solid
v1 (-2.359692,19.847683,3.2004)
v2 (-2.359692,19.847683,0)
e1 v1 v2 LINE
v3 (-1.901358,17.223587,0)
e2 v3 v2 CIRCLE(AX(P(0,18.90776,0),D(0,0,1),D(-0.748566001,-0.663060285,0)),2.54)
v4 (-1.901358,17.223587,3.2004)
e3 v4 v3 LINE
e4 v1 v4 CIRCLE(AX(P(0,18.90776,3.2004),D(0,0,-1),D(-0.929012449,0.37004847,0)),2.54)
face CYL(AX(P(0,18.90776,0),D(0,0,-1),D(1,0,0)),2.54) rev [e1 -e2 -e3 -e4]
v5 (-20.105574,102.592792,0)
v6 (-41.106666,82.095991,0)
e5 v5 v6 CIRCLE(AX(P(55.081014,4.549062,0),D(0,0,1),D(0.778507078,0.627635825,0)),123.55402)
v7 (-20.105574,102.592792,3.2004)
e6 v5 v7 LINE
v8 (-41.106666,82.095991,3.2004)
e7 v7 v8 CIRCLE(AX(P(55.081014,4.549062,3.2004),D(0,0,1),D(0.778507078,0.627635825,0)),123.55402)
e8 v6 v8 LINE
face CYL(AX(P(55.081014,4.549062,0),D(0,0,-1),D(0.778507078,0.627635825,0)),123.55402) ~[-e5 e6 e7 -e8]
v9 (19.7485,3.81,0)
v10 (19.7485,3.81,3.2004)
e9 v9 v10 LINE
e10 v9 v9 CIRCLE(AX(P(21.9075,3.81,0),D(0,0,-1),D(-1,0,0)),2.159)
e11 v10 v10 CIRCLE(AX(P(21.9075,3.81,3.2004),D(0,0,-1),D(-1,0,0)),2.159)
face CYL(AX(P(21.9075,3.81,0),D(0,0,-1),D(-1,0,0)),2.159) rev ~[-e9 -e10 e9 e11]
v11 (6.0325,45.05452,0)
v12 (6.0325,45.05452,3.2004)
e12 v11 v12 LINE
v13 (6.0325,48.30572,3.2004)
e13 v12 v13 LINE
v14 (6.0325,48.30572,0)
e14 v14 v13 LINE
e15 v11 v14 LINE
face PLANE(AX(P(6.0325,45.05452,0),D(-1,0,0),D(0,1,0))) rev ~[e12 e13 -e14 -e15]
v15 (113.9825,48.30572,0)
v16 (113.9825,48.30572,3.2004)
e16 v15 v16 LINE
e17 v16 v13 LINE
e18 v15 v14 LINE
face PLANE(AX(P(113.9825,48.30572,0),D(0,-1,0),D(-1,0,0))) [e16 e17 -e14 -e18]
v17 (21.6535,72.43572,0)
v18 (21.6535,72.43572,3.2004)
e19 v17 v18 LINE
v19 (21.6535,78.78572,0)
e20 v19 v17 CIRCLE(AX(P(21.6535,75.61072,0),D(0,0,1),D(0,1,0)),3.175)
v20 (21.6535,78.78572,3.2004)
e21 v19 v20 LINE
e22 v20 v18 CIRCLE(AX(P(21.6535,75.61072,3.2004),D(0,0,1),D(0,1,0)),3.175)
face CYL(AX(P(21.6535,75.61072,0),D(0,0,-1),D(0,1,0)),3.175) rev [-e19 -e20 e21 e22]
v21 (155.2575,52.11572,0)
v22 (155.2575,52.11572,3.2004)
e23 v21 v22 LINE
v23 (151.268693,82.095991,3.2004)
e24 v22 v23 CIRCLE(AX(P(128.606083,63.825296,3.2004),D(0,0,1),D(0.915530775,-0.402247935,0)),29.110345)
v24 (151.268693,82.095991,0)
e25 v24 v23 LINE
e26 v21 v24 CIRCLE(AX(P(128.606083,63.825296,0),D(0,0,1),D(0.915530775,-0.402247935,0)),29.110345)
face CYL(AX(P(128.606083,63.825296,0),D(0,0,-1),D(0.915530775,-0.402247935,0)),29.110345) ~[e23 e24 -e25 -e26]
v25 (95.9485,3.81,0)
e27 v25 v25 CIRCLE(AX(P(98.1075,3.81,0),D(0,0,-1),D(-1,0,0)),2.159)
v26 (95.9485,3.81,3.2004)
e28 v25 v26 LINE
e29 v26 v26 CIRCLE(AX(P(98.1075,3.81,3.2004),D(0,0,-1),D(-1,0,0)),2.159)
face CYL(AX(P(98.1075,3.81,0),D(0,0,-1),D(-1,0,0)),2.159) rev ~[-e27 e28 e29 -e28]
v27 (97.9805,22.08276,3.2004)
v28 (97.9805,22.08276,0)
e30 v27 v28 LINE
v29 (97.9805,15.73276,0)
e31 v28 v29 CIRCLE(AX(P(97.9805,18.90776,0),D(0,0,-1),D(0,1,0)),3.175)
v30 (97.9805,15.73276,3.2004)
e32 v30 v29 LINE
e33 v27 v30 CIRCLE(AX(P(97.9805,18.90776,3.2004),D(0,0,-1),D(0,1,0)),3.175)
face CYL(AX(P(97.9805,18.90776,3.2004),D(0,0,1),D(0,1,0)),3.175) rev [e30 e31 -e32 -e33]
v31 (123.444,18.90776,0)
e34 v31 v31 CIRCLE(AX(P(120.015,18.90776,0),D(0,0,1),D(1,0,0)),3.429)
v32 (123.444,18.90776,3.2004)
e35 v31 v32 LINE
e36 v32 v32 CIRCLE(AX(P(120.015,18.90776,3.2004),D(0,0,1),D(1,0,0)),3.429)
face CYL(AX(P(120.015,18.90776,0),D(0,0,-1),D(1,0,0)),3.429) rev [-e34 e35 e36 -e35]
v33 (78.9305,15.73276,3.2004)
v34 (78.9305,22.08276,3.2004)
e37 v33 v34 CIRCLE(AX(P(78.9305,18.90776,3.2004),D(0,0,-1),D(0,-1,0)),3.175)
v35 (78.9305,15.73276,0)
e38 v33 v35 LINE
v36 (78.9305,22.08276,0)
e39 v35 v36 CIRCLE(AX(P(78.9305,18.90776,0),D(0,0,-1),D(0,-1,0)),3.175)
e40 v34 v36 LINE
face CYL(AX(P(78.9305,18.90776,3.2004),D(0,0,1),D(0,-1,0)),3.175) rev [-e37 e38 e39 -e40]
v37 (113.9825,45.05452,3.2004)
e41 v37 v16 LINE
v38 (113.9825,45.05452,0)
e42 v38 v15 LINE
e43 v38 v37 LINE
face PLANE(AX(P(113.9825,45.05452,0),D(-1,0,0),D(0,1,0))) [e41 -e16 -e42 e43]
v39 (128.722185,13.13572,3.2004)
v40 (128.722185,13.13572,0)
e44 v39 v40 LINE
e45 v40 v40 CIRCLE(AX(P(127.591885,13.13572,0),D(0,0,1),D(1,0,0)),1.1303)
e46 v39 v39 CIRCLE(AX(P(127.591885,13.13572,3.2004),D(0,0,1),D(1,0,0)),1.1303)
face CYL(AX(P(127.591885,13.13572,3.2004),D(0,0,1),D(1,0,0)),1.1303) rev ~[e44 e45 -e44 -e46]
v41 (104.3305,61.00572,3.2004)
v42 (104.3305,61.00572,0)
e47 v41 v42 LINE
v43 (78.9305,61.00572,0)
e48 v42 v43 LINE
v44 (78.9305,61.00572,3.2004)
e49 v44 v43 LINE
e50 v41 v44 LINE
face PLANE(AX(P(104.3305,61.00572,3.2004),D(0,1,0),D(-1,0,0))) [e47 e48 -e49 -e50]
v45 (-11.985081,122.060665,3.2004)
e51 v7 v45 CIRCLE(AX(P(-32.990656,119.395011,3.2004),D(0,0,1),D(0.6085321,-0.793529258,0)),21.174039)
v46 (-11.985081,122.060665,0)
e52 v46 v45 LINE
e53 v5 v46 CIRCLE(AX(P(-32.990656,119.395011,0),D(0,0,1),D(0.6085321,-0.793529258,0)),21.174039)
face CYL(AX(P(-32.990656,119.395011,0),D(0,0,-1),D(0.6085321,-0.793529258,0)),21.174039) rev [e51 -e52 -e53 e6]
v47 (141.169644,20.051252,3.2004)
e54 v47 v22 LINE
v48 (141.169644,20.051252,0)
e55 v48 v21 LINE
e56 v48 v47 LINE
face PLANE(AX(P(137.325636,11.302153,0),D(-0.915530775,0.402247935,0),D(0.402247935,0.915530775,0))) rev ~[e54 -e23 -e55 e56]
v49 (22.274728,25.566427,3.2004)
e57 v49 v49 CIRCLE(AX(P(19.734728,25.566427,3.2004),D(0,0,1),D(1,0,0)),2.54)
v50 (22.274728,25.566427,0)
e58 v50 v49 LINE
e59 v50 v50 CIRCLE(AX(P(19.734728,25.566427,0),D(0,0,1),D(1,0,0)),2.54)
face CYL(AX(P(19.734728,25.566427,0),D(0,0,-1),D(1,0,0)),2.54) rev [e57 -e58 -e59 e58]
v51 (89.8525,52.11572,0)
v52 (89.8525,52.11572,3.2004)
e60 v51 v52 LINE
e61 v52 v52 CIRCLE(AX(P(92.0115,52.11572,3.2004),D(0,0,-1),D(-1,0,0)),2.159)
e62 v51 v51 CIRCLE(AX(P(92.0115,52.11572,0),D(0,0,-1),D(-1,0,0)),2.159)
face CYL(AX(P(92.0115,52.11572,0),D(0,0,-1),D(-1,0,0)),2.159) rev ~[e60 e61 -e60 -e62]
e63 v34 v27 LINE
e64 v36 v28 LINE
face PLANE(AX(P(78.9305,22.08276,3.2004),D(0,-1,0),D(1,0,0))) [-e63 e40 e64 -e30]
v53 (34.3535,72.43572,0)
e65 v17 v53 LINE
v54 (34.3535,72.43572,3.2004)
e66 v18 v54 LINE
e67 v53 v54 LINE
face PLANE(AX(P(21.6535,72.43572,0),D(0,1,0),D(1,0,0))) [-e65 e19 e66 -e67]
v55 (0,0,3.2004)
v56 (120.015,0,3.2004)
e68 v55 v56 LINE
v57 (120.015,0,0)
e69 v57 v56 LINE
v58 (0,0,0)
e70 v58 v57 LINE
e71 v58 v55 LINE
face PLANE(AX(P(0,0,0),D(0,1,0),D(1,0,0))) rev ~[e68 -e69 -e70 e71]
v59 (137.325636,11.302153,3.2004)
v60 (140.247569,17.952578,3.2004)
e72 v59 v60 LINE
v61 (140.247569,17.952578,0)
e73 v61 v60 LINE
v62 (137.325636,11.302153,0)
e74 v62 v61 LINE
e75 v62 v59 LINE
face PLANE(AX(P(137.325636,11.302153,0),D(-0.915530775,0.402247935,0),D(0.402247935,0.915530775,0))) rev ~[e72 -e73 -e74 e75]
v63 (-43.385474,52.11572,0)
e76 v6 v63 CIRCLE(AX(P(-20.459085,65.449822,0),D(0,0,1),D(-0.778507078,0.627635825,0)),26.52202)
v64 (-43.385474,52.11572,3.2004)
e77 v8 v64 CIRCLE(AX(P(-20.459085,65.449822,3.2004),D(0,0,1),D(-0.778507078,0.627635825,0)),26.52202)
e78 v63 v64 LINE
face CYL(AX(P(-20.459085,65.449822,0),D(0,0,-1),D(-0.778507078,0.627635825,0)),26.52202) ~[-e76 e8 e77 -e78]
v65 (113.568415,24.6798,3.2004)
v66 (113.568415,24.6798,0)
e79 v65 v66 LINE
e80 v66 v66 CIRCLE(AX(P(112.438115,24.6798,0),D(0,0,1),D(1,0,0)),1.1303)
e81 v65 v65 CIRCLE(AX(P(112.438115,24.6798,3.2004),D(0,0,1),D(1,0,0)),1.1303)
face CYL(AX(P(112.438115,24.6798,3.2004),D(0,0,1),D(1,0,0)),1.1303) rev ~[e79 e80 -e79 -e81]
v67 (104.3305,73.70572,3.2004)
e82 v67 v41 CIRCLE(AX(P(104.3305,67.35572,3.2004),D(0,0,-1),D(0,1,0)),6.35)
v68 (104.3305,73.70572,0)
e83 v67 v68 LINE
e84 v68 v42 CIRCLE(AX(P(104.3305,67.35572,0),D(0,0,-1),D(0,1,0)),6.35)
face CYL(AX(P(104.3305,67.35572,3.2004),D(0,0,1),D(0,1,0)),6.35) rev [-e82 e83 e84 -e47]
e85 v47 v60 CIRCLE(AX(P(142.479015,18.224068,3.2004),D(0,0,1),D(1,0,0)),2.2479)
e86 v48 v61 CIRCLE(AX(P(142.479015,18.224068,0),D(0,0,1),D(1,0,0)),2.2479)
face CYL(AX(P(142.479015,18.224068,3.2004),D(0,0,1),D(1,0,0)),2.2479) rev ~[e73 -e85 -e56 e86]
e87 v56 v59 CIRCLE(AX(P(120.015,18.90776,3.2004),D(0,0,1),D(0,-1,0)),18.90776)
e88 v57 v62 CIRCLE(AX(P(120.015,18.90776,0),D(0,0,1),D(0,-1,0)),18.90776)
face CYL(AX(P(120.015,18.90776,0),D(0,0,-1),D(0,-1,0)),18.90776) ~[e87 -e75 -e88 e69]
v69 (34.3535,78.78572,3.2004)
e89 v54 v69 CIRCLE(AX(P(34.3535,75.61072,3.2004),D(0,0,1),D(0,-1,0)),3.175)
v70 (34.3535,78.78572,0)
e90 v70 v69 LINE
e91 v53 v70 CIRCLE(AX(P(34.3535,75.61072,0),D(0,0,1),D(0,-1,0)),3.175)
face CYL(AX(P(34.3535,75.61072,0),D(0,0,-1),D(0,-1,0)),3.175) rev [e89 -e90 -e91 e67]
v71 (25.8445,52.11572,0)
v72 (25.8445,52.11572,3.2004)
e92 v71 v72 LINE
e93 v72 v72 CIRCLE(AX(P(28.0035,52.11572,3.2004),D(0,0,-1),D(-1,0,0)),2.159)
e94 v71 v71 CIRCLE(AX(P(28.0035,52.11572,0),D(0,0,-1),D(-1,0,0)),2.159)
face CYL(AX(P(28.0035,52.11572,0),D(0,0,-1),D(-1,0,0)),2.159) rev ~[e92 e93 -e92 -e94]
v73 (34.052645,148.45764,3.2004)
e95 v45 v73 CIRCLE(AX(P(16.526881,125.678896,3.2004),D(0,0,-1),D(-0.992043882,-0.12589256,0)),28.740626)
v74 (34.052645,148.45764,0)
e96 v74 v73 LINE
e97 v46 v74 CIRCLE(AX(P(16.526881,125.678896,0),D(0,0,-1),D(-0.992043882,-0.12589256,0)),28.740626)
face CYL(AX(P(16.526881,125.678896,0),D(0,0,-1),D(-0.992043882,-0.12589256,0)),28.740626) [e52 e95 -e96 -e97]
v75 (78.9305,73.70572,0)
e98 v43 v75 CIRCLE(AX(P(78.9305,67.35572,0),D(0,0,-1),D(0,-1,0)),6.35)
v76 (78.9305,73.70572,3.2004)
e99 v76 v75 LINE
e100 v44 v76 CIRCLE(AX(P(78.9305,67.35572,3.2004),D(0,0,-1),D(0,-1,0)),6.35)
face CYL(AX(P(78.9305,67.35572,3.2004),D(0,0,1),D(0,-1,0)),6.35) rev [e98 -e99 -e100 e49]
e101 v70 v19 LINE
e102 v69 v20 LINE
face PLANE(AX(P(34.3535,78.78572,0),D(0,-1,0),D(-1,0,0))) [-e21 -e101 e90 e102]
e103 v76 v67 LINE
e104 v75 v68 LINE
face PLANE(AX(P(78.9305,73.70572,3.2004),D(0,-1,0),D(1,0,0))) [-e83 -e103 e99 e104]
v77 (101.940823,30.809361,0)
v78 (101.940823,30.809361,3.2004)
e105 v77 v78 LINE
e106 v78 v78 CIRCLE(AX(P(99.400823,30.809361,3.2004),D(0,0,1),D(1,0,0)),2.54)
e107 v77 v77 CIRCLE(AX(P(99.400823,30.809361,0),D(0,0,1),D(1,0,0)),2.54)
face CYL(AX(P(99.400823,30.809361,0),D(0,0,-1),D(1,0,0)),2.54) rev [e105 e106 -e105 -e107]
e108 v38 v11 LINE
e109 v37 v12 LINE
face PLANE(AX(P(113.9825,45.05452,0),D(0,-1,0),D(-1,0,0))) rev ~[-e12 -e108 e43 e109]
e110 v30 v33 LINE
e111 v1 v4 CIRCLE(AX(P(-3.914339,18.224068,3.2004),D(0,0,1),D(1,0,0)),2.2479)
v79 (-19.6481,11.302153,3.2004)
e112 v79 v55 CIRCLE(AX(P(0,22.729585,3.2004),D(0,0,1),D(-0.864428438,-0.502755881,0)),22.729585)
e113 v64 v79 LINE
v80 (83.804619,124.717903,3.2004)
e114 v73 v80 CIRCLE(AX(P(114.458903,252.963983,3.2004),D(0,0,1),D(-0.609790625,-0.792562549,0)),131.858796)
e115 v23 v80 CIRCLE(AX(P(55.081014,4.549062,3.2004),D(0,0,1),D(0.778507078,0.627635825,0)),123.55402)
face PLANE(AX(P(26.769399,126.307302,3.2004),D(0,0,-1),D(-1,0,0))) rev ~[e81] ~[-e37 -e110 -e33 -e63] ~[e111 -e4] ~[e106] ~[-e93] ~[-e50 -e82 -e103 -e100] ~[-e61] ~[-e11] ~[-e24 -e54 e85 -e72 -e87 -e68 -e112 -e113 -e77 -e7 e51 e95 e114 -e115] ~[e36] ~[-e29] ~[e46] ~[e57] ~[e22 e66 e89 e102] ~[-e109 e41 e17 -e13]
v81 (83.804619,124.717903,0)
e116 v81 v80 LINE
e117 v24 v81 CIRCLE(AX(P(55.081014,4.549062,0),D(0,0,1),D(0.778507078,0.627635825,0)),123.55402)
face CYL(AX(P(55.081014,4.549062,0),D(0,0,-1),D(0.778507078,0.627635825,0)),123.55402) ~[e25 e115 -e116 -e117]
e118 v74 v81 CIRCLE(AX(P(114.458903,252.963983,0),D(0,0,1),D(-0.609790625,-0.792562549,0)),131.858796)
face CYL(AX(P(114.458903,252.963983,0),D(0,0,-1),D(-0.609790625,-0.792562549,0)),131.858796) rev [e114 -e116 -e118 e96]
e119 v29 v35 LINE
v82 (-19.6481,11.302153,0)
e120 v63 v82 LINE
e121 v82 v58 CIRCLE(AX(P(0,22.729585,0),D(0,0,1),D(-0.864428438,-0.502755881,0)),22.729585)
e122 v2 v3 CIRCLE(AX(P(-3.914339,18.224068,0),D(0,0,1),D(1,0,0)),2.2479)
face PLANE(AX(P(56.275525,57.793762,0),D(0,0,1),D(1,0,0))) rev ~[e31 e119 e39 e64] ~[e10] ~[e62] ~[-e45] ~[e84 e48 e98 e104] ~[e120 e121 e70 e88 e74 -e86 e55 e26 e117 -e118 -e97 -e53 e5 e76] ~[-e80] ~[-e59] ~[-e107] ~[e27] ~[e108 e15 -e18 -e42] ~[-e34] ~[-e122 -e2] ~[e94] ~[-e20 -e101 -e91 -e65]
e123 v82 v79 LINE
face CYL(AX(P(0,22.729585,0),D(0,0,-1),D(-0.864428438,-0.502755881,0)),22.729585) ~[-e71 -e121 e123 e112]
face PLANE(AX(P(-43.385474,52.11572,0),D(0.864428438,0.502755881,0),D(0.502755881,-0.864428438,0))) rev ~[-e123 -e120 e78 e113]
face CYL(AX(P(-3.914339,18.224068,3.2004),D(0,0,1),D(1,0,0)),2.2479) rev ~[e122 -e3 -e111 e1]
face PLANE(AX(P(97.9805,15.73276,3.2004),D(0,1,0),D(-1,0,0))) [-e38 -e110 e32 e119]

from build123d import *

# Parameters (mm, degrees)
SKETCH1_R           = 3.429
SKETCH1_R_2         = 2.54
BOSS_EXTRUDE1_DEPTH = 3.2004
SKETCH2_R           = 2.159
CUT_EXTRUDE1_DEPTH  = 3.2004
CUT_EXTRUDE8_DEPTH  = 3.2004
SKETCH11_W          = 107.95
SKETCH11_H          = 3.2512
CUT_EXTRUDE9_DEPTH  = 3.2004
SKETCH12_R          = 1.1303
CUT_EXTRUDE11_DEPTH = 3.2004
SKETCH13_R          = 2.2479
CUT_EXTRUDE12_DEPTH = 3.2004
BOSS_EXTRUDE2_DEPTH = 3.2004


with BuildPart() as part:
    # Sketch1 → Boss-Extrude1 (new body)
    with BuildSketch(Plane.XY):
        with BuildLine():
            Line((0, 0), (120.015, 0))
            ThreePointArc((120.015, 0), (130.351788397, 3.075697789), (137.325636158, 11.302152593))
            Line((137.325636158, 11.302152593), (155.257499999, 52.11572))
            ThreePointArc((155.257499999, 52.11572), (157.462147967, 67.664529981), (151.26869294, 82.095991421))
            ThreePointArc((151.26869294, 82.095991421), (55.081013593, 128.103082212), (-41.106665754, 82.095991421))
            ThreePointArc((-41.106665754, 82.095991421), (-46.904819593, 67.459968464), (-43.385473773, 52.11572))
            Line((-43.385473773, 52.11572), (-19.648099871, 11.302152593))
            ThreePointArc((-19.648099871, 11.302152593), (-11.333429333, 3.027112684), (0, 0))
        make_face()
        with Locations((120.015, 18.90776)):
            Circle(SKETCH1_R, mode=Mode.SUBTRACT)
        with Locations((0, 18.90776)):
            Circle(SKETCH1_R_2, mode=Mode.SUBTRACT)
        with Locations((19.734727626, 25.566426992)):
            Circle(SKETCH1_R_2, mode=Mode.SUBTRACT)
        with Locations((99.400822531, 30.809360911)):
            Circle(SKETCH1_R_2, mode=Mode.SUBTRACT)
    extrude(amount=BOSS_EXTRUDE1_DEPTH)

    # Sketch2 → Cut-Extrude1 (cut)
    with BuildSketch(Plane(origin=(0, 0, 0), x_dir=(-1, 0, 0), z_dir=(0, 0, -1))):
        with Locations((-92.0115, 52.115719911)):
            Circle(SKETCH2_R)
        with Locations((-28.0035, 52.115719911)):
            Circle(SKETCH2_R)
        with Locations((-98.1075, 3.81)):
            Circle(SKETCH2_R)
        with Locations((-21.9075, 3.81)):
            Circle(SKETCH2_R)
    extrude(amount=-CUT_EXTRUDE1_DEPTH, mode=Mode.SUBTRACT)

    # Sketch10 → Cut-Extrude8 (cut)
    with BuildSketch(Plane(origin=(0, 0, 0), x_dir=(-1, 0, 0), z_dir=(0, 0, -1))):
        with BuildLine():
            Line((-34.3535, 78.785719911), (-21.6535, 78.785719911))
            ThreePointArc((-21.6535, 78.785719911), (-18.4785, 75.610719911), (-21.6535, 72.435719911))
            Line((-21.6535, 72.435719911), (-34.3535, 72.435719911))
            ThreePointArc((-34.3535, 72.435719911), (-37.5285, 75.610719911), (-34.3535, 78.785719911))
        make_face()
    extrude(amount=-CUT_EXTRUDE8_DEPTH, mode=Mode.SUBTRACT)

    # Sketch11 → Cut-Extrude9 (cut)
    with BuildSketch(Plane(origin=(0, 0, 0), x_dir=(-1, 0, 0), z_dir=(0, 0, -1))):
        with Locations((-60.0075, 46.680119911)):
            Rectangle(SKETCH11_W, SKETCH11_H)
    extrude(amount=-CUT_EXTRUDE9_DEPTH, mode=Mode.SUBTRACT)

    # Sketch12 → Cut-Extrude11 (cut)
    with BuildSketch(Plane.XY.offset(3.2004)):
        with Locations((112.438115095, 24.679799513)):
            Circle(SKETCH12_R)
        with Locations((127.591884905, 13.135720487)):
            Circle(SKETCH12_R)
        with BuildLine():
            Line((78.9305, 73.70572), (104.3305, 73.70572))
            ThreePointArc((104.3305, 73.70572), (110.6805, 67.35572), (104.3305, 61.00572))
            Line((104.3305, 61.00572), (78.9305, 61.00572))
            ThreePointArc((78.9305, 61.00572), (72.5805, 67.35572), (78.9305, 73.70572))
        make_face()
        with BuildLine():
            Line((78.9305, 22.08276), (97.9805, 22.08276))
            ThreePointArc((97.9805, 22.08276), (101.1555, 18.90776), (97.9805, 15.73276))
            Line((97.9805, 15.73276), (78.9305, 15.73276))
            ThreePointArc((78.9305, 15.73276), (75.7555, 18.90776), (78.9305, 22.08276))
        make_face()
    extrude(amount=-CUT_EXTRUDE11_DEPTH, mode=Mode.SUBTRACT)

    # Sketch13 → Cut-Extrude12 (cut)
    with BuildSketch(Plane.XY.offset(3.2004)):
        with Locations((-3.91433865, 18.224067698)):
            Circle(SKETCH13_R)
        with Locations((142.479014632, 18.224067698)):
            Circle(SKETCH13_R)
    extrude(amount=-CUT_EXTRUDE12_DEPTH, mode=Mode.SUBTRACT)

    # Sketch15 → Boss-Extrude2 (add)
    with BuildSketch(Plane(origin=(0, 0, 0), x_dir=(-1, 0, 0), z_dir=(0, 0, -1))):
        with BuildLine():
            Line((-83.804619008, 124.717903233), (20.105573884, 102.592791936))
            ThreePointArc((20.105573884, 102.592791936), (13.448555564, 111.243555983), (11.985080527, 122.060665224))
            ThreePointArc((11.985080527, 122.060665224), (-2.230930753, 150.611793243), (-34.052645192, 148.457639579))
            ThreePointArc((-34.052645192, 148.457639579), (-57.674180086, 133.958784174), (-83.804619008, 124.717903233))
        make_face()
    extrude(amount=-BOSS_EXTRUDE2_DEPTH)


solid = part.part
